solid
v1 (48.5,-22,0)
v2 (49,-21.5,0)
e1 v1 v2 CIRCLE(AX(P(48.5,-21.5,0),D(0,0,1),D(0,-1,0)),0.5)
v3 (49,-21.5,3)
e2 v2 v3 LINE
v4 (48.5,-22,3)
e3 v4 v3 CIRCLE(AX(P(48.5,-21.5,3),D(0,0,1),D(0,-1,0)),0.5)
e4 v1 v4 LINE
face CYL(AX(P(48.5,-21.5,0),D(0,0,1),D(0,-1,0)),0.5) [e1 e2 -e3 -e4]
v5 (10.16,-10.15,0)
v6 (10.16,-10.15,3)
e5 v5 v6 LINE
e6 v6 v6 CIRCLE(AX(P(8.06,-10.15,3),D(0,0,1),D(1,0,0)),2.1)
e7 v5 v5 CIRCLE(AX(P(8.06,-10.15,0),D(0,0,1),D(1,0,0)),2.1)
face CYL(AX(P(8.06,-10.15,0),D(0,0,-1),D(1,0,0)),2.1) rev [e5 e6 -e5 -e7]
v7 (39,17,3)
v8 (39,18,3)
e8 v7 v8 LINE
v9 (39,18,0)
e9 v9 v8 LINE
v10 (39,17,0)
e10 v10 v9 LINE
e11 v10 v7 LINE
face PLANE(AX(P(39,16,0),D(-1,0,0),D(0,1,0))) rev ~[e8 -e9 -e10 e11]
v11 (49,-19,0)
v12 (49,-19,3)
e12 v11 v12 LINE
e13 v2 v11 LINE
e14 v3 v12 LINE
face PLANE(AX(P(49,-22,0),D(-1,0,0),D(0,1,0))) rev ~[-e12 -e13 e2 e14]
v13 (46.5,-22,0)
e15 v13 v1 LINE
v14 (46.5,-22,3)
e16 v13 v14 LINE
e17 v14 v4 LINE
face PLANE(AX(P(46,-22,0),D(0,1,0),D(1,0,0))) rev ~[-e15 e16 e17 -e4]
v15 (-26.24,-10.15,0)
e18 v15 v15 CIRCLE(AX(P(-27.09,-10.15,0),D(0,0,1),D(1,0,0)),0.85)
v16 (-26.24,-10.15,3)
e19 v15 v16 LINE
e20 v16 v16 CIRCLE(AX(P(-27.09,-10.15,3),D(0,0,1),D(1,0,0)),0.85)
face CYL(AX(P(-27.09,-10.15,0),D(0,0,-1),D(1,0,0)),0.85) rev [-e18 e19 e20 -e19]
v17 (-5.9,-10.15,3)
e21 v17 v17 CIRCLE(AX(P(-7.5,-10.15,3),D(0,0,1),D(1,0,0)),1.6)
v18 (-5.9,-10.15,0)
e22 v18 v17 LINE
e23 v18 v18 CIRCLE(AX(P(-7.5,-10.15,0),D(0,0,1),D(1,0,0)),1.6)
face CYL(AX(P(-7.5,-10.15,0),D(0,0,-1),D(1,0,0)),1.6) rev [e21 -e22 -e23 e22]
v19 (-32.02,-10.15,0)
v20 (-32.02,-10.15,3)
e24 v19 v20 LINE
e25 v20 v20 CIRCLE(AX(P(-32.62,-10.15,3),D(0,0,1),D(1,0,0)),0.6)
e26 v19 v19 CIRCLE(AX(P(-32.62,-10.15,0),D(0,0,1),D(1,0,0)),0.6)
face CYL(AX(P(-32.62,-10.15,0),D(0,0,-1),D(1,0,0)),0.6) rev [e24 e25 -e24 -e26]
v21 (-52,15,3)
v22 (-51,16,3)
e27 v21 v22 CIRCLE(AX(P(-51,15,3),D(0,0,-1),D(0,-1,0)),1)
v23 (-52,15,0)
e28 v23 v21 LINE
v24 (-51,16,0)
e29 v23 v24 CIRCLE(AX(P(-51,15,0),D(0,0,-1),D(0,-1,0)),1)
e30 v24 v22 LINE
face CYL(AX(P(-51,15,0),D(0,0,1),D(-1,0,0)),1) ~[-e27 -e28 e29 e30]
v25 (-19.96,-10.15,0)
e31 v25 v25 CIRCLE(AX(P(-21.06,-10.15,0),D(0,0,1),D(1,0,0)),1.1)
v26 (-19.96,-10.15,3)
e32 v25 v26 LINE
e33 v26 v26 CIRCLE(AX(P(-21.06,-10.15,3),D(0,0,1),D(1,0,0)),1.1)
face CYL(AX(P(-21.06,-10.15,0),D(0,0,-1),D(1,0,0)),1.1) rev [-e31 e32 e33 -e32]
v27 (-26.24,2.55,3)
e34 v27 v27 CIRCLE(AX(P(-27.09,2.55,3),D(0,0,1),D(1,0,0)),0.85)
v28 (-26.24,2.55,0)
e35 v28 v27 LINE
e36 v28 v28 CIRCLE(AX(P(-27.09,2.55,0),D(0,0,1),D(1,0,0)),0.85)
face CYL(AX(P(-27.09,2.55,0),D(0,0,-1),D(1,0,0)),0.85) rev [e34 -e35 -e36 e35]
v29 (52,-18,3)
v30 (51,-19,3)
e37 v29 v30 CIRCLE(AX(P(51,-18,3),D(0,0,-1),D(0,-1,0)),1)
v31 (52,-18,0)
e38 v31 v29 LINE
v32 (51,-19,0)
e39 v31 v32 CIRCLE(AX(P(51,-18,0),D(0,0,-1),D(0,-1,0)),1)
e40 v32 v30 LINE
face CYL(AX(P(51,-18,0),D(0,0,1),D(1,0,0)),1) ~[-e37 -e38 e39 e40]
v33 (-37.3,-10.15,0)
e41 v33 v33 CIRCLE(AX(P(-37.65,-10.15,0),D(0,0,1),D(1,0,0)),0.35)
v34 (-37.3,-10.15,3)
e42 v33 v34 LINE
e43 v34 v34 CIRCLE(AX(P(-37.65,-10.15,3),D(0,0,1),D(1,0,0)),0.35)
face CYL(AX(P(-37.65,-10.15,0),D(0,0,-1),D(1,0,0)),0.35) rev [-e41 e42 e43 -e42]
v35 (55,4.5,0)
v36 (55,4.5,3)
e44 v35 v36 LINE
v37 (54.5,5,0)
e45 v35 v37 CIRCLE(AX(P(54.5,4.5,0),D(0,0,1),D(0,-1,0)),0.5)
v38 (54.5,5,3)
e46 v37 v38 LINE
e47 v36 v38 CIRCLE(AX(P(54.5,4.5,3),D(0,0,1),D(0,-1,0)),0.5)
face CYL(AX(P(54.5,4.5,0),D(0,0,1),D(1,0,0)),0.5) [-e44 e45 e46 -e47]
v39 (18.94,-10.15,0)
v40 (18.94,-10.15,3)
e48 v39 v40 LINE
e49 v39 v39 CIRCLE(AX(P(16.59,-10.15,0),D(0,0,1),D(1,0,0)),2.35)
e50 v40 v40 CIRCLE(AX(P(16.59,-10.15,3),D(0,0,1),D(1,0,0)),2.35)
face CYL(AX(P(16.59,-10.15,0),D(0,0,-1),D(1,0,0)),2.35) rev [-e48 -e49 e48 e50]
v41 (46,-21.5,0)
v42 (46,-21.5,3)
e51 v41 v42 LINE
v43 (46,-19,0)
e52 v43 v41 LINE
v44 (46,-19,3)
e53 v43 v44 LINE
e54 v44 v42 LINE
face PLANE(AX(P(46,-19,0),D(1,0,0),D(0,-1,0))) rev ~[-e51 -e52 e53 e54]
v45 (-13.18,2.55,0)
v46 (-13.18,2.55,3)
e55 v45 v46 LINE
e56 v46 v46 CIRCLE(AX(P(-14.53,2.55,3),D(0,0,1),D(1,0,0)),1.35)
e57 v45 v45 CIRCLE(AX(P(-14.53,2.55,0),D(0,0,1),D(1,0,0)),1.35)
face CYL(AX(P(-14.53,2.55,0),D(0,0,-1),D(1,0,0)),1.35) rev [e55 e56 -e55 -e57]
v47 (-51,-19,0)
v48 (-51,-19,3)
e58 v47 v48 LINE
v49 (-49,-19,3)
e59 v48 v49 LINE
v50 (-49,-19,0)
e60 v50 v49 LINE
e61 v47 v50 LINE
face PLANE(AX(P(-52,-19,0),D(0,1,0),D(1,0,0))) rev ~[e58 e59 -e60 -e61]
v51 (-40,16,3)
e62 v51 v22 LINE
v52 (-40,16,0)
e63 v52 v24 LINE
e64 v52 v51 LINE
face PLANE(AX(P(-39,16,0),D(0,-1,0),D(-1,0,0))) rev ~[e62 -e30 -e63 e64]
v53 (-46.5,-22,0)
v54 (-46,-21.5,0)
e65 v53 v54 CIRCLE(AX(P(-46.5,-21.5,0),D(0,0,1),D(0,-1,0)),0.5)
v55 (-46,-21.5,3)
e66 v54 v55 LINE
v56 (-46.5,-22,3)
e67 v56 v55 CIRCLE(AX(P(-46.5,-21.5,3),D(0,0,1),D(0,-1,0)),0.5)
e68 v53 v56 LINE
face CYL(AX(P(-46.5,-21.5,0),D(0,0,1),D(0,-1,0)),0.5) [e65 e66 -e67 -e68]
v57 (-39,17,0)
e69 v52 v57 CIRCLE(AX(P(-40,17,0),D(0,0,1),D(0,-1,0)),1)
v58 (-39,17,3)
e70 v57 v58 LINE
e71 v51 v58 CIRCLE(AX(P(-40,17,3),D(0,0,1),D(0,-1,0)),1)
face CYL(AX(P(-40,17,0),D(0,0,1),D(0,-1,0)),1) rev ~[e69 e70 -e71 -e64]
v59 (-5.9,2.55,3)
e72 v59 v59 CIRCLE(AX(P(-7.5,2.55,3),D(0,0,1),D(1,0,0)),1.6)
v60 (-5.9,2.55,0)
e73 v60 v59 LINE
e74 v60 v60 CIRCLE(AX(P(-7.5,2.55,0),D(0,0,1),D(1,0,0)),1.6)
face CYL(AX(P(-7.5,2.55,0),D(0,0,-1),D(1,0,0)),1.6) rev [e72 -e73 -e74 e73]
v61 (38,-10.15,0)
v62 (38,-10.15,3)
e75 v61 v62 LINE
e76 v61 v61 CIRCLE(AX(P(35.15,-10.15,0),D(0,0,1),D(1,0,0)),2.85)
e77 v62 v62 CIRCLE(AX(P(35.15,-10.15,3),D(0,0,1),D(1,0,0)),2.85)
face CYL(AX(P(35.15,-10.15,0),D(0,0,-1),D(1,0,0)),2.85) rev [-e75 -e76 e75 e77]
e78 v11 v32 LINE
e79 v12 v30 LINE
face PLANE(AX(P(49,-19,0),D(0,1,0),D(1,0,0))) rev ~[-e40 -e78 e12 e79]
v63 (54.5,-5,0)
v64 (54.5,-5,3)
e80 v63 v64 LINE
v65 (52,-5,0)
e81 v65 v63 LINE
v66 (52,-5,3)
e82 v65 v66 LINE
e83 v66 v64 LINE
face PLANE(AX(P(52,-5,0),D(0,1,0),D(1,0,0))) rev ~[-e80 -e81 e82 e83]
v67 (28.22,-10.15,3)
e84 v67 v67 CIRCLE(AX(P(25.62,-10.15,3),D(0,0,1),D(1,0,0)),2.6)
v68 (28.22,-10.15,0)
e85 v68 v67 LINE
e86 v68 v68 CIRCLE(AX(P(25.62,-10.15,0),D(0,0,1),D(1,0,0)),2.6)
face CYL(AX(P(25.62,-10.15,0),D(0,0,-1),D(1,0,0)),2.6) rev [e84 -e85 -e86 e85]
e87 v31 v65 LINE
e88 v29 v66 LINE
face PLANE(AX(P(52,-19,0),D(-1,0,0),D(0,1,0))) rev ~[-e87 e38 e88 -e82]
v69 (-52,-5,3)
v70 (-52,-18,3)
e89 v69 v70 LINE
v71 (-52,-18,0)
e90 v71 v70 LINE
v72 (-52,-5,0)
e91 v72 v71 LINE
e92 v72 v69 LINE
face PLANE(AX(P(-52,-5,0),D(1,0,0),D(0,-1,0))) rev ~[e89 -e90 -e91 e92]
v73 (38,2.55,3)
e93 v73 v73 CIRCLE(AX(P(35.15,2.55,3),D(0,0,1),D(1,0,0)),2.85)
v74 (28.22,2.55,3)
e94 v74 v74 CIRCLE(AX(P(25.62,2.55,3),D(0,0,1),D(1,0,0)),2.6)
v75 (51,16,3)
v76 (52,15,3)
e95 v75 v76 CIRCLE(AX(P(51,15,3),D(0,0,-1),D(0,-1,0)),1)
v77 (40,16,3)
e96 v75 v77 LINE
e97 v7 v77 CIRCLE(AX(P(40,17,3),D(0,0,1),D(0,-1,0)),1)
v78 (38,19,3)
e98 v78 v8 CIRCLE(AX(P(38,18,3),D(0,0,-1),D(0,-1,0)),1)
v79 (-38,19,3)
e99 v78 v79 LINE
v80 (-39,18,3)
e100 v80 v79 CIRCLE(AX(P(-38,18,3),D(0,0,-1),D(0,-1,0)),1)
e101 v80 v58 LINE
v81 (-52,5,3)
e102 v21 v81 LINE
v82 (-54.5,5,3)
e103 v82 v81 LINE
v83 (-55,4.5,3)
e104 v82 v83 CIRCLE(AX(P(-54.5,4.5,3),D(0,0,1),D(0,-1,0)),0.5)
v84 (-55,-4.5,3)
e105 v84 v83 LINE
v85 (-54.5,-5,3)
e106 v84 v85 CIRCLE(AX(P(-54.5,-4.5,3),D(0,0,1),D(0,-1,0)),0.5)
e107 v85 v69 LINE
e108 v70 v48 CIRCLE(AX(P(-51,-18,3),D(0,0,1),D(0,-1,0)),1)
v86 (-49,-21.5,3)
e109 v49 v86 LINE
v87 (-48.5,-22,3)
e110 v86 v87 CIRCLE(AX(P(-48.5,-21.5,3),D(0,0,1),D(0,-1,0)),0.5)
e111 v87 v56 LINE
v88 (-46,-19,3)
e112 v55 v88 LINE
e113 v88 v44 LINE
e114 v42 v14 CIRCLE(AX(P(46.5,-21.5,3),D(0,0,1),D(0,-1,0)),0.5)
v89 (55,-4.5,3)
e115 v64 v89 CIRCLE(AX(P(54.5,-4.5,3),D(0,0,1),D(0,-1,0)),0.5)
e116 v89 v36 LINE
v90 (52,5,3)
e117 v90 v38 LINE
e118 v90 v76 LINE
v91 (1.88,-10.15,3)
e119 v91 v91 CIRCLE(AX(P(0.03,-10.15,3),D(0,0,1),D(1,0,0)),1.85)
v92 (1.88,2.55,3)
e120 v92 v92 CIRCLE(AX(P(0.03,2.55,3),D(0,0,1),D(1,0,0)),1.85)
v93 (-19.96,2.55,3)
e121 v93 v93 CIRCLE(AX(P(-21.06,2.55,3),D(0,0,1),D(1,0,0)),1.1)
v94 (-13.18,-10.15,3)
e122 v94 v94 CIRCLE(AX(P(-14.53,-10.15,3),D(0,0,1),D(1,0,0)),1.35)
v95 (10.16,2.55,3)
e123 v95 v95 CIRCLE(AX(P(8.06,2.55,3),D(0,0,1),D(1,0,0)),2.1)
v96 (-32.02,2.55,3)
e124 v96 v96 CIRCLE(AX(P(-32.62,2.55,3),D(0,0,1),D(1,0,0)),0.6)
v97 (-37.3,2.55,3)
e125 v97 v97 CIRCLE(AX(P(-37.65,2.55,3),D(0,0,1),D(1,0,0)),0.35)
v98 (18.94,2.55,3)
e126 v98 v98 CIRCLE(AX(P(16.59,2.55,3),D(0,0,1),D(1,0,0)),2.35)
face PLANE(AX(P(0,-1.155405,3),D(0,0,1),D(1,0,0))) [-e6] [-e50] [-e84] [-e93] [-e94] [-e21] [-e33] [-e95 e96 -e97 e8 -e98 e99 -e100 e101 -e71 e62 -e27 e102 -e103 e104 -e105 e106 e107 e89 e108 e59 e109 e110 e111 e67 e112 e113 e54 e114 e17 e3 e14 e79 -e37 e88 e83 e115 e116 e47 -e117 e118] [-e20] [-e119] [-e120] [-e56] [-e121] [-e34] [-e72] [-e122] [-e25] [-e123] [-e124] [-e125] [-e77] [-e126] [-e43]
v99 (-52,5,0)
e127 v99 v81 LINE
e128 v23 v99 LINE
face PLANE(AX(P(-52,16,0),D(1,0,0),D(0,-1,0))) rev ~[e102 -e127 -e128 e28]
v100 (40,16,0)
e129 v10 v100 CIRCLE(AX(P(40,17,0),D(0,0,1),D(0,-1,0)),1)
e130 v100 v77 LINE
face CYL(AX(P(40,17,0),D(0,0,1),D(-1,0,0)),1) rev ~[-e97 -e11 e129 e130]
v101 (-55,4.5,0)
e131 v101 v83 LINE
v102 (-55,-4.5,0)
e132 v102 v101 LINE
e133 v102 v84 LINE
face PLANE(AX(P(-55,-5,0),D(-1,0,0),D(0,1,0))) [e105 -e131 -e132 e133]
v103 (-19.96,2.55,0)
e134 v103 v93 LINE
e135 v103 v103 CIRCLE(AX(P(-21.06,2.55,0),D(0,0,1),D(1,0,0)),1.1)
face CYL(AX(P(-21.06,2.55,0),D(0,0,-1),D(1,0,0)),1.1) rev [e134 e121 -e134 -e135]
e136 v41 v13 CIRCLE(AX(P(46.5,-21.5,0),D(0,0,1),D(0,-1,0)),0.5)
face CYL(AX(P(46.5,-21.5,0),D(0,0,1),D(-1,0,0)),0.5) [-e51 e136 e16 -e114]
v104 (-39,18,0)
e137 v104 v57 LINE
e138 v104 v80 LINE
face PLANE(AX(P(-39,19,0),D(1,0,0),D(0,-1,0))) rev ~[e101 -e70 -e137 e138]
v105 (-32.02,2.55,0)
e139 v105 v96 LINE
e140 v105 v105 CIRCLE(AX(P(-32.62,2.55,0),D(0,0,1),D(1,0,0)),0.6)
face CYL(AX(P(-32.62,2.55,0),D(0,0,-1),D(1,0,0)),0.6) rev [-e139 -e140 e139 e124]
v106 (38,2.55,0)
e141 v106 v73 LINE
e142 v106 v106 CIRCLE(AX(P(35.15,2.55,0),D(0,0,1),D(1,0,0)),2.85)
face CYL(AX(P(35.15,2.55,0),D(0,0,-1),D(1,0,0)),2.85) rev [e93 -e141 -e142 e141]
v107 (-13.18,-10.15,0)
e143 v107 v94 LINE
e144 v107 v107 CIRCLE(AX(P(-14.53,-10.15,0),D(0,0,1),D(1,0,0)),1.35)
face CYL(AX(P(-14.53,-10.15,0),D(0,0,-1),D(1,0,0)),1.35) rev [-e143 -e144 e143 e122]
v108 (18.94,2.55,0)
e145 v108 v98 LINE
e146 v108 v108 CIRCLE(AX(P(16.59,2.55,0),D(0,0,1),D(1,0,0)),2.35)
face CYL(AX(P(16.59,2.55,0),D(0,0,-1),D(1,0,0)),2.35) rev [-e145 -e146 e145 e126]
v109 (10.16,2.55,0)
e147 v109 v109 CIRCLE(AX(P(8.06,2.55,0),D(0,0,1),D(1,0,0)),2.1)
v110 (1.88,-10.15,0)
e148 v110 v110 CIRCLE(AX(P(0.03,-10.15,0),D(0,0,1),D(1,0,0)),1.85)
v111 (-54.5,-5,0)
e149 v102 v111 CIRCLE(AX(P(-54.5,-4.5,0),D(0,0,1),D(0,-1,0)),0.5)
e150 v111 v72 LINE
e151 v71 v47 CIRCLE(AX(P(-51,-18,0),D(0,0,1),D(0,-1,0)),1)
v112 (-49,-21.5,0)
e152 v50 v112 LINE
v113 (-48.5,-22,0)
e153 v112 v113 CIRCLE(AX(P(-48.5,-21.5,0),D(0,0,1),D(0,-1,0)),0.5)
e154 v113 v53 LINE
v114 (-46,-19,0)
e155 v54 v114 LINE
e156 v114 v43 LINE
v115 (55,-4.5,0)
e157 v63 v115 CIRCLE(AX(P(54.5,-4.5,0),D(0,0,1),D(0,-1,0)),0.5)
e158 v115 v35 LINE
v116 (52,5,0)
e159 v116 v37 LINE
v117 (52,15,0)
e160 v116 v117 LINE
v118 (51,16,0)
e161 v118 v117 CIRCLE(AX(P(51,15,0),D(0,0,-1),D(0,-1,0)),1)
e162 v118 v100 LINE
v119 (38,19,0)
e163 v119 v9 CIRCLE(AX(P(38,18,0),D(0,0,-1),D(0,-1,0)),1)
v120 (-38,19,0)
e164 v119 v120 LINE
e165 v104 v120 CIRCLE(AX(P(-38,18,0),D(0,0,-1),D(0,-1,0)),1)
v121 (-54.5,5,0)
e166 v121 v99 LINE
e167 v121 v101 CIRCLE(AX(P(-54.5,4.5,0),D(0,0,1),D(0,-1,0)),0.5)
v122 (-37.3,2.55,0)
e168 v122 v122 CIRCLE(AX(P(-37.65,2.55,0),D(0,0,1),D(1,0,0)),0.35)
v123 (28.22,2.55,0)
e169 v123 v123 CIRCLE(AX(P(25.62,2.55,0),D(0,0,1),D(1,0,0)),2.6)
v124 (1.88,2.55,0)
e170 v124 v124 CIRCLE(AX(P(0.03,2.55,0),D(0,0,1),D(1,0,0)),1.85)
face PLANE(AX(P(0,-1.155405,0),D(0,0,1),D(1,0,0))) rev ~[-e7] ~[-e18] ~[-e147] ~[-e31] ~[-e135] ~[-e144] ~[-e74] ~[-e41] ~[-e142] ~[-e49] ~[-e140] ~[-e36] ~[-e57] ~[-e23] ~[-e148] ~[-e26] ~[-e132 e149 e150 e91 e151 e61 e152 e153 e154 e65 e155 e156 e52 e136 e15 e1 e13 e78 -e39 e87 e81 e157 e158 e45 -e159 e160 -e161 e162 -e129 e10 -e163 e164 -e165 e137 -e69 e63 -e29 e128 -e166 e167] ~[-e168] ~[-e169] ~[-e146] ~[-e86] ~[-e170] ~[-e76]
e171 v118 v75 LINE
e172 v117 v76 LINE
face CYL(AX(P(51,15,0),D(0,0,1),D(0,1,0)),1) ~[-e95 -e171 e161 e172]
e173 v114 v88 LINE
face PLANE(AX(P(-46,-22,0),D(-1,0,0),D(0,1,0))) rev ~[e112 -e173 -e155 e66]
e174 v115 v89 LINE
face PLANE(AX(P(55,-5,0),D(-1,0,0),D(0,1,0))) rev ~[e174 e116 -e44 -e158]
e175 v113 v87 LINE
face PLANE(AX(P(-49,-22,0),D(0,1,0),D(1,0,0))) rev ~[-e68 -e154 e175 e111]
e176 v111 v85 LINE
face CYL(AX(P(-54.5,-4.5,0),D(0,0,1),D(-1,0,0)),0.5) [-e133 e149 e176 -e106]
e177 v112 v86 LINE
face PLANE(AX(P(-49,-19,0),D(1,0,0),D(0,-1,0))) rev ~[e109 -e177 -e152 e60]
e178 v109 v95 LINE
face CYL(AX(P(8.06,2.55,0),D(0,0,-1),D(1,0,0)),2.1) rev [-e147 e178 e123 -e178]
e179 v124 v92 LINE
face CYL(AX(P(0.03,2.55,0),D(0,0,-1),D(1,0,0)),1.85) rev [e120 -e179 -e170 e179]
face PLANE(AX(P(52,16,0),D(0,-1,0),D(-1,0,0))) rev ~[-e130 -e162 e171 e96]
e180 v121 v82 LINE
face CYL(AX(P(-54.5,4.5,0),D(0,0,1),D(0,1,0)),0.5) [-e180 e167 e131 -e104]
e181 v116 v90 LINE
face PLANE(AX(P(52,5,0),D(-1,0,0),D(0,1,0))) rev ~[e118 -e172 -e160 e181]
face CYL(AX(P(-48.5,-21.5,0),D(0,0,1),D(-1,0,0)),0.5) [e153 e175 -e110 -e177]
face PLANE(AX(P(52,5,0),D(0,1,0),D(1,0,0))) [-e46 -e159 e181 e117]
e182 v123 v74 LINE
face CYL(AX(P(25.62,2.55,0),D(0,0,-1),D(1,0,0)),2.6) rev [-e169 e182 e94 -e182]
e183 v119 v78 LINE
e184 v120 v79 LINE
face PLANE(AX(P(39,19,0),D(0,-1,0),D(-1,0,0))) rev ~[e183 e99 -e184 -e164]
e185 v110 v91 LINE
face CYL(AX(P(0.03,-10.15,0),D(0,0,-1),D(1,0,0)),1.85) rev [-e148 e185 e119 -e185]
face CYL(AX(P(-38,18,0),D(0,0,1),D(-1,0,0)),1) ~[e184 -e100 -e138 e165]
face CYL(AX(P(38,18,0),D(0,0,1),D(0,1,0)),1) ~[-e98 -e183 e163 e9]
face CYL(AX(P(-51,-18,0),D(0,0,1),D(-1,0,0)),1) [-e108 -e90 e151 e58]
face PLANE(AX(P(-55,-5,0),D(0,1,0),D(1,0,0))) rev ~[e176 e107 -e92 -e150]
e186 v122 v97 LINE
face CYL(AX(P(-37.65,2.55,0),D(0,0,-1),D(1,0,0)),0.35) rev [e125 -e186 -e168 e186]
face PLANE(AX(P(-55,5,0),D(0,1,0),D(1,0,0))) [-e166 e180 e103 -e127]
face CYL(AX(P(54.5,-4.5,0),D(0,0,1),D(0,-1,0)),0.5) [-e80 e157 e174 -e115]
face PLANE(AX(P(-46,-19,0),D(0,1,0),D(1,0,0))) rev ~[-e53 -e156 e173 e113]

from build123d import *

# Parameters (mm, degrees)
SKETCH_1_R      = 0.35
SKETCH_1_R_2    = 0.6
SKETCH_1_R_3    = 0.85
SKETCH_1_R_4    = 1.1
SKETCH_1_R_5    = 1.35
SKETCH_1_R_6    = 1.6
SKETCH_1_R_7    = 1.85
SKETCH_1_R_8    = 2.1
SKETCH_1_R_9    = 2.35
SKETCH_1_R_10   = 2.6
SKETCH_1_R_11   = 2.85
SKETCH_1_W      = 3
SKETCH_1_H      = 10
EXTRUDE_1_DEPTH = 3
FILLET_1_R      = 0.5
FILLET_2_R      = 1


with BuildPart() as part:
    # Эскиз1 → Бобышка-Вытянуть1 (new body)
    with BuildSketch(Plane.XY):
        Polygon((39, 19), (-39, 19), (-39, 16), (-52, 16), (-52, 5), (-52, -5), (-52, -19), (-49, -19), (-49, -22), (-46, -22), (-46, -19), (0, -19), (46, -19), (46, -22), (49, -22), (49, -19), (52, -19), (52, -5), (52, 5), (52, 16), (39, 16), align=None)
        with Locations((-37.65, -10.15)):
            Circle(SKETCH_1_R, mode=Mode.SUBTRACT)
        with Locations((-32.62, -10.15)):
            Circle(SKETCH_1_R_2, mode=Mode.SUBTRACT)
        with Locations((-27.09, -10.15)):
            Circle(SKETCH_1_R_3, mode=Mode.SUBTRACT)
        with Locations((-21.06, -10.15)):
            Circle(SKETCH_1_R_4, mode=Mode.SUBTRACT)
        with Locations((-14.53, -10.15)):
            Circle(SKETCH_1_R_5, mode=Mode.SUBTRACT)
        with Locations((-7.5, -10.15)):
            Circle(SKETCH_1_R_6, mode=Mode.SUBTRACT)
        with Locations((0.03, -10.15)):
            Circle(SKETCH_1_R_7, mode=Mode.SUBTRACT)
        with Locations((8.06, -10.15)):
            Circle(SKETCH_1_R_8, mode=Mode.SUBTRACT)
        with Locations((16.59, -10.15)):
            Circle(SKETCH_1_R_9, mode=Mode.SUBTRACT)
        with Locations((25.62, -10.15)):
            Circle(SKETCH_1_R_10, mode=Mode.SUBTRACT)
        with Locations((35.15, -10.15)):
            Circle(SKETCH_1_R_11, mode=Mode.SUBTRACT)
        with Locations((-37.65, 2.55)):
            Circle(SKETCH_1_R, mode=Mode.SUBTRACT)
        with Locations((-32.62, 2.55)):
            Circle(SKETCH_1_R_2, mode=Mode.SUBTRACT)
        with Locations((-27.09, 2.55)):
            Circle(SKETCH_1_R_3, mode=Mode.SUBTRACT)
        with Locations((-21.06, 2.55)):
            Circle(SKETCH_1_R_4, mode=Mode.SUBTRACT)
        with Locations((-14.53, 2.55)):
            Circle(SKETCH_1_R_5, mode=Mode.SUBTRACT)
        with Locations((-7.5, 2.55)):
            Circle(SKETCH_1_R_6, mode=Mode.SUBTRACT)
        with Locations((0.03, 2.55)):
            Circle(SKETCH_1_R_7, mode=Mode.SUBTRACT)
        with Locations((8.06, 2.55)):
            Circle(SKETCH_1_R_8, mode=Mode.SUBTRACT)
        with Locations((16.59, 2.55)):
            Circle(SKETCH_1_R_9, mode=Mode.SUBTRACT)
        with Locations((25.62, 2.55)):
            Circle(SKETCH_1_R_10, mode=Mode.SUBTRACT)
        with Locations((35.15, 2.55)):
            Circle(SKETCH_1_R_11, mode=Mode.SUBTRACT)
        with Locations((-53.5, 0)):
            Rectangle(SKETCH_1_W, SKETCH_1_H)
        with Locations((53.5, 0)):
            Rectangle(SKETCH_1_W, SKETCH_1_H)
    extrude(amount=EXTRUDE_1_DEPTH)

    # Скругление1
    fillet_1_edges = [part.edges().sort_by_distance(p)[0] for p in [
        (-55, -5, 1.5),
        (-55, 5, 1.5),
        (55, 5, 1.5),
        (55, -5, 1.5),
        (49, -22, 1.5),
        (46, -22, 1.5),
        (-46, -22, 1.5),
        (-49, -22, 1.5),
    ]]
    fillet(fillet_1_edges, radius=FILLET_1_R)

    # Скругление2
    fillet_2_edges = [part.edges().sort_by_distance(p)[0] for p in [
        (-52, -19, 1.5),
        (-52, 16, 1.5),
        (-39, 16, 1.5),
        (-39, 19, 1.5),
        (39, 19, 1.5),
        (39, 16, 1.5),
        (52, 16, 1.5),
        (52, -19, 1.5),
    ]]
    fillet(fillet_2_edges, radius=FILLET_2_R)


solid = part.part
